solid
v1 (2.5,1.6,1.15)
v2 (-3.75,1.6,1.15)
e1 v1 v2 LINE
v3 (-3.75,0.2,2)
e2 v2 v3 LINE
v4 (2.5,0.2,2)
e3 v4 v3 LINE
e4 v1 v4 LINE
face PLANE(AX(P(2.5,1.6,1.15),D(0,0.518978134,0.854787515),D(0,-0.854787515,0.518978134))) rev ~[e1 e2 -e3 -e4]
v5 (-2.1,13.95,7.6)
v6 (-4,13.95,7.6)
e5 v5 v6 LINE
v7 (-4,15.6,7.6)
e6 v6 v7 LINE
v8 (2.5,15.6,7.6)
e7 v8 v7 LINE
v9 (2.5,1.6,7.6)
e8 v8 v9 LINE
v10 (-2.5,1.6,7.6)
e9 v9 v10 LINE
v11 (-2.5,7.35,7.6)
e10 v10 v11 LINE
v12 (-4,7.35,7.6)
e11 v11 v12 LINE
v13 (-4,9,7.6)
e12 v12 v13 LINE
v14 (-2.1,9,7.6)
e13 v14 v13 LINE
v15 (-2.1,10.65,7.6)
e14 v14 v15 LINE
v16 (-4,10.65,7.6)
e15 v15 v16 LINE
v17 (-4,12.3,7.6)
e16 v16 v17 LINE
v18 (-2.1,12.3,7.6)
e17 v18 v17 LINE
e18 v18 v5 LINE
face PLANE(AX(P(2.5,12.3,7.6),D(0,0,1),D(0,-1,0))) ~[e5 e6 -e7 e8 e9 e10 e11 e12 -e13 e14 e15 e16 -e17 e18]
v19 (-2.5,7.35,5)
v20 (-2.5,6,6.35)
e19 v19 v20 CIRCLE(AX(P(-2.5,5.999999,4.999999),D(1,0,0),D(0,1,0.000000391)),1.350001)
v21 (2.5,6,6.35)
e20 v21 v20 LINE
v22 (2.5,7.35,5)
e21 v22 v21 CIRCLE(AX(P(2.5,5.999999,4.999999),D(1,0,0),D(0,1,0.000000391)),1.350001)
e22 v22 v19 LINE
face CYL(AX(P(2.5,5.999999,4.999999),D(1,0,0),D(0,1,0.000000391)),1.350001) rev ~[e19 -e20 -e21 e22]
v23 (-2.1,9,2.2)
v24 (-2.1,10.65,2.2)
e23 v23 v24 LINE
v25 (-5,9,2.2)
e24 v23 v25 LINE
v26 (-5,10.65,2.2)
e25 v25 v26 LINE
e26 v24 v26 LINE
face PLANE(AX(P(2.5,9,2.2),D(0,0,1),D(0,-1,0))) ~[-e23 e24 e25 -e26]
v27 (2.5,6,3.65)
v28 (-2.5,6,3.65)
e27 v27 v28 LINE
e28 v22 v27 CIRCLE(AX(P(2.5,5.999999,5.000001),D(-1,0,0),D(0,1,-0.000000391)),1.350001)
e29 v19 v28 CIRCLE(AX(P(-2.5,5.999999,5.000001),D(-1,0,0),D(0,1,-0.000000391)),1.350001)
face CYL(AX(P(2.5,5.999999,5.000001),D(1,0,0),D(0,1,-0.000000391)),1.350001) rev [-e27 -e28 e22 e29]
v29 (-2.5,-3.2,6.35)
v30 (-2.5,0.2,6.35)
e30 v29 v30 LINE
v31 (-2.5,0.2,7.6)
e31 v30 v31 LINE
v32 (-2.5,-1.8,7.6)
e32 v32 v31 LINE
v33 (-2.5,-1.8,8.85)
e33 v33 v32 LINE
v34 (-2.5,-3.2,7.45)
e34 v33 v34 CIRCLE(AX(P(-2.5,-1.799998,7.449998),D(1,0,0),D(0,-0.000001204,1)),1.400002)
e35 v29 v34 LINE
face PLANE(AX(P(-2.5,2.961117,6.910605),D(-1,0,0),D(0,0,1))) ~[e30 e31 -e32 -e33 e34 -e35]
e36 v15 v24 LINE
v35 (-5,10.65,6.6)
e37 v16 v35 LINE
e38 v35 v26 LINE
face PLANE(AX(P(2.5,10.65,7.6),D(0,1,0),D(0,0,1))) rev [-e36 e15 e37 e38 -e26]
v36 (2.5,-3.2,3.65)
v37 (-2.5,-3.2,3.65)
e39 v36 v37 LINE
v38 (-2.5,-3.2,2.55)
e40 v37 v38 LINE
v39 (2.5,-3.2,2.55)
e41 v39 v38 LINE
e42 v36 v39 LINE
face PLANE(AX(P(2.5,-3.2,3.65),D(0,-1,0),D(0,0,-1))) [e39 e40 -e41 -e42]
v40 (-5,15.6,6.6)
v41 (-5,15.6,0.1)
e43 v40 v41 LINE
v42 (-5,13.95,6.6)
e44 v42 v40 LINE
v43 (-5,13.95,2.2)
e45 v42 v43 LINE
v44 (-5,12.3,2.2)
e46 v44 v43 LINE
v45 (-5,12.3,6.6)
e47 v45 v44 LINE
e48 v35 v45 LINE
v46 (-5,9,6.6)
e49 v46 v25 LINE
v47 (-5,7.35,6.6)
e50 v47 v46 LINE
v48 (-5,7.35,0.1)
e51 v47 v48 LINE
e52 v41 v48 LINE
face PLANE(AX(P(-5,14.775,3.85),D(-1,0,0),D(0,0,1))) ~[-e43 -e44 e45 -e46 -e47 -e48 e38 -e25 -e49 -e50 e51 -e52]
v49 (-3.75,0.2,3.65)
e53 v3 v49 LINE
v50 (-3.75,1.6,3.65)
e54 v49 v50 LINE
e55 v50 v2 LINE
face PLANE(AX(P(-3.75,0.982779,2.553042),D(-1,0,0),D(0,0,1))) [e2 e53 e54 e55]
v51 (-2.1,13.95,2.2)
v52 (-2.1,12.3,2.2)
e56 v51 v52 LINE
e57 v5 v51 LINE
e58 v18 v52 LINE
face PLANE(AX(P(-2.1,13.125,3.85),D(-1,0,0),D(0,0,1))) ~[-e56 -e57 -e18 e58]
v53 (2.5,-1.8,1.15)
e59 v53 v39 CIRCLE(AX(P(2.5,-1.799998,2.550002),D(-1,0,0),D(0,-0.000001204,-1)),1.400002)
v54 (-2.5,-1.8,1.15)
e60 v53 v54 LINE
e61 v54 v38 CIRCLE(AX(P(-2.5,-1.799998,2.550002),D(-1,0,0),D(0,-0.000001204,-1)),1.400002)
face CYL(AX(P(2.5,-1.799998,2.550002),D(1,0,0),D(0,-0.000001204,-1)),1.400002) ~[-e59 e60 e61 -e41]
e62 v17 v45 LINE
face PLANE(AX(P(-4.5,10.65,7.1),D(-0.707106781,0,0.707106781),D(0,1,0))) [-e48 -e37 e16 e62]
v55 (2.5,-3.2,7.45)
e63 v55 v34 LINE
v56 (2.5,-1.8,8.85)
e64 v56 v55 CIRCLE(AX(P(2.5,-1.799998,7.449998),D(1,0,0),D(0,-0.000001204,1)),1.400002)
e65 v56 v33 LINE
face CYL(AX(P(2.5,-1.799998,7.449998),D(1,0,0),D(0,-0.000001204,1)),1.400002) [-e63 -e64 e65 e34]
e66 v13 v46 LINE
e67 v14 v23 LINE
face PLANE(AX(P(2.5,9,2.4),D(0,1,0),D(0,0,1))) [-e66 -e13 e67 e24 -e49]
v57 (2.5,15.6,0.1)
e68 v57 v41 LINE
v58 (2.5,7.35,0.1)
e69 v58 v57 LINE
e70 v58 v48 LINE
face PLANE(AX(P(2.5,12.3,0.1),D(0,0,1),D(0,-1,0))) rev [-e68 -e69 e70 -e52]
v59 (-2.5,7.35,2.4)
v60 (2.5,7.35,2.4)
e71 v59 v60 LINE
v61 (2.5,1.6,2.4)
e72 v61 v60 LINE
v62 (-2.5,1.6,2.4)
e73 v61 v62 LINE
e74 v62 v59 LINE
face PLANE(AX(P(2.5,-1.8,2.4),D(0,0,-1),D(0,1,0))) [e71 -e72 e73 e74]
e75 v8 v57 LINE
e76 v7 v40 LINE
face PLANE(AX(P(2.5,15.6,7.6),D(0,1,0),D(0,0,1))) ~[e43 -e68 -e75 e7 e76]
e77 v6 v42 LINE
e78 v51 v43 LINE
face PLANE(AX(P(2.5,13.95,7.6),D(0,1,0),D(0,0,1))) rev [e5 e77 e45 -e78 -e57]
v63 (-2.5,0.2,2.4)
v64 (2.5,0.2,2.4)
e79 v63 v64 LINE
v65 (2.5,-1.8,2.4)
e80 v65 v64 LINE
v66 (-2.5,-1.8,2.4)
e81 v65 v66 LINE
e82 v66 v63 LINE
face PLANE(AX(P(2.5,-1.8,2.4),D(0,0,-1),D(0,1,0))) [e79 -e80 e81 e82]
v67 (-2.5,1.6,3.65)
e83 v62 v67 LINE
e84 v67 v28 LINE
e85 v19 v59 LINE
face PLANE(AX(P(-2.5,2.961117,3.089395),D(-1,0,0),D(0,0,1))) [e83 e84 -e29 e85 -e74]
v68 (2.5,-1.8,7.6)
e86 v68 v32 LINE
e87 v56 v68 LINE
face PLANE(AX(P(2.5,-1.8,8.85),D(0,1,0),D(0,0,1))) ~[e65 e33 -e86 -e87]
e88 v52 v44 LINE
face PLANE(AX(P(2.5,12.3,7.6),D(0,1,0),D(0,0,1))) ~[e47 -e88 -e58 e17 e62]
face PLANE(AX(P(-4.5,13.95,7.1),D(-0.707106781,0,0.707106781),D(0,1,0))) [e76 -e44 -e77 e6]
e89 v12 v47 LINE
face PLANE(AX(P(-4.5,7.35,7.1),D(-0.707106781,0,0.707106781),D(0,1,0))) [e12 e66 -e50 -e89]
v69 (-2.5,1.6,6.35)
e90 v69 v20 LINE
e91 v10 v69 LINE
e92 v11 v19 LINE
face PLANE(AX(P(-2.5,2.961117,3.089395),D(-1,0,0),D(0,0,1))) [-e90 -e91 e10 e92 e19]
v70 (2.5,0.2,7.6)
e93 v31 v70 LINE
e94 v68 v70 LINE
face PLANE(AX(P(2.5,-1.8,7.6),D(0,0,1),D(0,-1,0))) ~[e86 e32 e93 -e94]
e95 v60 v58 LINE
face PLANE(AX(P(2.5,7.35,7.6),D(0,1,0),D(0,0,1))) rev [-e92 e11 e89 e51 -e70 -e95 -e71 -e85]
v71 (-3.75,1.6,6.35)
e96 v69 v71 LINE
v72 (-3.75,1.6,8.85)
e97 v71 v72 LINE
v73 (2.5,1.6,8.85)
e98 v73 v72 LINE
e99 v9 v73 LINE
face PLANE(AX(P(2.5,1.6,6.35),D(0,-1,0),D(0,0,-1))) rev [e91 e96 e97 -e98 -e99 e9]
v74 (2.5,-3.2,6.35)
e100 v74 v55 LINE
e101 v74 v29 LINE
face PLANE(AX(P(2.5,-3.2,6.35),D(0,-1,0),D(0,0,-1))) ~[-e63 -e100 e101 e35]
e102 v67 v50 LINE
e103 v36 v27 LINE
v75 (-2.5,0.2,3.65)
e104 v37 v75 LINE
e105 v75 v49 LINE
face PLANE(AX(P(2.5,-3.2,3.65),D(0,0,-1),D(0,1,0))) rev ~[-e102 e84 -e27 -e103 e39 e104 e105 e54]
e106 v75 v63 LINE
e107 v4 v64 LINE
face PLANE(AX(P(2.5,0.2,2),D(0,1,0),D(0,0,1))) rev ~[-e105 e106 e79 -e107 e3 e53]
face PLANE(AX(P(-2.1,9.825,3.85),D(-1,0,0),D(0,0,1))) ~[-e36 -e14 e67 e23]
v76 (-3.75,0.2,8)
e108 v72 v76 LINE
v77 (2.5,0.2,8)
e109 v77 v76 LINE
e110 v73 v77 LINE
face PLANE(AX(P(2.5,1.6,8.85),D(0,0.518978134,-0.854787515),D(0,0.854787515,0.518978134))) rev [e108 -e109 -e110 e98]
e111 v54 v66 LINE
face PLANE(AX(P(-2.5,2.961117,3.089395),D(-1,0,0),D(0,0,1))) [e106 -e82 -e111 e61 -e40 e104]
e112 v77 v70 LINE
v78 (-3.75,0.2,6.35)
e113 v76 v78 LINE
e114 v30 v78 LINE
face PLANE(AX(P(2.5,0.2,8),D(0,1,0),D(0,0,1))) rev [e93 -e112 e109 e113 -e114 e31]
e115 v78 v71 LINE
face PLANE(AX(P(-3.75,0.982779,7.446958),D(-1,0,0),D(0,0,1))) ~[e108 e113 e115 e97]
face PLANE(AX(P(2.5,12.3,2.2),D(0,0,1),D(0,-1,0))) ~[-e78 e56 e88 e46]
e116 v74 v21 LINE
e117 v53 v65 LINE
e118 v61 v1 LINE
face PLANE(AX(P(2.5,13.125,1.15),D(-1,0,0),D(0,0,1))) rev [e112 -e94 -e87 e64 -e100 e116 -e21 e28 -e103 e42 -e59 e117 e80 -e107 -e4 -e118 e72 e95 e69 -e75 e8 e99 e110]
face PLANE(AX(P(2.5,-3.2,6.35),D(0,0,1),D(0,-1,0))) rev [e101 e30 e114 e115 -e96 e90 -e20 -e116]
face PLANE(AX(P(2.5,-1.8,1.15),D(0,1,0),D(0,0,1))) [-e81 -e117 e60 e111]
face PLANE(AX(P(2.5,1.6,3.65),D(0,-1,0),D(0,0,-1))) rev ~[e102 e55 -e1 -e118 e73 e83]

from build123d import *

# Parameters (mm, degrees)
PAD017_DEPTH              = 5
PAD020_DEPTH              = 6.25
SKETCH109_W               = 7.5
SKETCH109_H               = 1.65
PAD078_DEPTH              = 7.5
SKETCH107_W               = 2.1
SKETCH107_H               = 1.65
PAD079_DEPTH              = 7.5
SKETCH106_W               = 7.5
SKETCH106_H               = 1.65
PAD080_DEPTH              = 4.6
SKETCH108_W               = 7.5
SKETCH108_H               = 1.65
PAD081_DEPTH              = 7.5
LINEARPATTERN025_COUNT    = 2
LINEARPATTERN025_PITCH    = 3.3
CHAMFER015_SIZE           = 1
MIRROR013_PLACEMENT_ANGLE = 90


with BuildPart() as bc_c:
    # Sketch034 → Pad017 (new body)
    with BuildSketch(Plane.XY):
        with BuildLine():
            Line((-1.35, -1.8), (-1.35, 6))
            ThreePointArc((0, 7.35), (-0.954594, 6.954594), (-1.35, 6))
            Line((0, 9), (0, 7.35))
            Line((-2.6, 9), (0, 9))
            Line((-2.6, -1.8), (-2.6, 9))
            Line((-3.85, -1.8), (-2.6, -1.8))
            ThreePointArc((-3.85, -1.8), (-3.439949, -2.789949), (-2.45, -3.2))
            Line((-1.35, -3.2), (-2.45, -3.2))
            Line((-1.35, -1.8), (-1.35, -3.2))
        make_face()
    extrude(amount=PAD017_DEPTH)

    # Sketch037 → Pad020 (join)
    with BuildSketch(Plane.XY):
        Polygon((-1.35, 0.2), (-1.35, 1.6), (-2.6, 1.6), (-3.85, 1.6), (-3, 0.2), (-2.6, 0.2), align=None)
    extrude(amount=PAD020_DEPTH)


with BuildPart() as bc_s_mirrored:
    # Mirror001: instance of _bc_c
    add(bc_c.part.mirror(Plane(origin=(0, 0, 0), x_dir=(0, 1, 0), z_dir=(-1, 0, 0))))


with BuildPart() as body040:
    # Fusion001 base: copy of _bc_c
    add(bc_c.part)

    # Fusion001: union _bc_s(mirrored)
    add(bc_s_mirrored.part)

    # Sketch109 → Pad078 (new body)
    with BuildSketch(Plane.XY):
        with Locations((1.15, 8.175)):
            Rectangle(SKETCH109_W, SKETCH109_H)
    extrude(amount=PAD078_DEPTH)

    # Sketch107 → Pad079 (join)
    with BuildSketch(Plane.XY):
        with Locations((3.85, 9.825)):
            Rectangle(SKETCH107_W, SKETCH107_H)
    pad079 = extrude(amount=PAD079_DEPTH)

    # Sketch106 → Pad080 (join)
    with BuildSketch(Plane.XY):
        with Locations((1.15, 9.825)):
            Rectangle(SKETCH106_W, SKETCH106_H)
    pad080 = extrude(amount=PAD080_DEPTH)

    # Sketch108 → Pad081 (join)
    with BuildSketch(Plane.XY):
        with Locations((1.15, 11.475)):
            Rectangle(SKETCH108_W, SKETCH108_H)
    pad081 = extrude(amount=PAD081_DEPTH)

    # LinearPattern025: Pad081, Pad080, Pad079 ×2
    with Locations(*[(0, i * LINEARPATTERN025_PITCH, 0) for i in range(1, LINEARPATTERN025_COUNT)]):
        add(pad081)
        add(pad080)
        add(pad079)

    # Chamfer015
    chamfer015_edges = [body040.edges().sort_by_distance(p)[0] for p in [
        (-2.6, 14.775, 7.5),
        (-2.6, 11.475, 7.5),
        (-2.6, 8.175, 7.5),
    ]]
    chamfer(chamfer015_edges, length=CHAMFER015_SIZE)


with BuildPart() as mirror013:
    # Mirror013: instance of Body040
    add(body040.part.mirror(Plane(origin=(0, 0, 0), x_dir=(0, -1, 0), z_dir=(1, 0, 0))))


with BuildPart() as mirror013_1:
    # Mirror013 placement: moved
    add(mirror013.part.moved(Location((2.5, 0, 5))).rotate(Axis((2.5, 0, 5), (0, -1, 0)), MIRROR013_PLACEMENT_ANGLE))


solid = mirror013_1.part
